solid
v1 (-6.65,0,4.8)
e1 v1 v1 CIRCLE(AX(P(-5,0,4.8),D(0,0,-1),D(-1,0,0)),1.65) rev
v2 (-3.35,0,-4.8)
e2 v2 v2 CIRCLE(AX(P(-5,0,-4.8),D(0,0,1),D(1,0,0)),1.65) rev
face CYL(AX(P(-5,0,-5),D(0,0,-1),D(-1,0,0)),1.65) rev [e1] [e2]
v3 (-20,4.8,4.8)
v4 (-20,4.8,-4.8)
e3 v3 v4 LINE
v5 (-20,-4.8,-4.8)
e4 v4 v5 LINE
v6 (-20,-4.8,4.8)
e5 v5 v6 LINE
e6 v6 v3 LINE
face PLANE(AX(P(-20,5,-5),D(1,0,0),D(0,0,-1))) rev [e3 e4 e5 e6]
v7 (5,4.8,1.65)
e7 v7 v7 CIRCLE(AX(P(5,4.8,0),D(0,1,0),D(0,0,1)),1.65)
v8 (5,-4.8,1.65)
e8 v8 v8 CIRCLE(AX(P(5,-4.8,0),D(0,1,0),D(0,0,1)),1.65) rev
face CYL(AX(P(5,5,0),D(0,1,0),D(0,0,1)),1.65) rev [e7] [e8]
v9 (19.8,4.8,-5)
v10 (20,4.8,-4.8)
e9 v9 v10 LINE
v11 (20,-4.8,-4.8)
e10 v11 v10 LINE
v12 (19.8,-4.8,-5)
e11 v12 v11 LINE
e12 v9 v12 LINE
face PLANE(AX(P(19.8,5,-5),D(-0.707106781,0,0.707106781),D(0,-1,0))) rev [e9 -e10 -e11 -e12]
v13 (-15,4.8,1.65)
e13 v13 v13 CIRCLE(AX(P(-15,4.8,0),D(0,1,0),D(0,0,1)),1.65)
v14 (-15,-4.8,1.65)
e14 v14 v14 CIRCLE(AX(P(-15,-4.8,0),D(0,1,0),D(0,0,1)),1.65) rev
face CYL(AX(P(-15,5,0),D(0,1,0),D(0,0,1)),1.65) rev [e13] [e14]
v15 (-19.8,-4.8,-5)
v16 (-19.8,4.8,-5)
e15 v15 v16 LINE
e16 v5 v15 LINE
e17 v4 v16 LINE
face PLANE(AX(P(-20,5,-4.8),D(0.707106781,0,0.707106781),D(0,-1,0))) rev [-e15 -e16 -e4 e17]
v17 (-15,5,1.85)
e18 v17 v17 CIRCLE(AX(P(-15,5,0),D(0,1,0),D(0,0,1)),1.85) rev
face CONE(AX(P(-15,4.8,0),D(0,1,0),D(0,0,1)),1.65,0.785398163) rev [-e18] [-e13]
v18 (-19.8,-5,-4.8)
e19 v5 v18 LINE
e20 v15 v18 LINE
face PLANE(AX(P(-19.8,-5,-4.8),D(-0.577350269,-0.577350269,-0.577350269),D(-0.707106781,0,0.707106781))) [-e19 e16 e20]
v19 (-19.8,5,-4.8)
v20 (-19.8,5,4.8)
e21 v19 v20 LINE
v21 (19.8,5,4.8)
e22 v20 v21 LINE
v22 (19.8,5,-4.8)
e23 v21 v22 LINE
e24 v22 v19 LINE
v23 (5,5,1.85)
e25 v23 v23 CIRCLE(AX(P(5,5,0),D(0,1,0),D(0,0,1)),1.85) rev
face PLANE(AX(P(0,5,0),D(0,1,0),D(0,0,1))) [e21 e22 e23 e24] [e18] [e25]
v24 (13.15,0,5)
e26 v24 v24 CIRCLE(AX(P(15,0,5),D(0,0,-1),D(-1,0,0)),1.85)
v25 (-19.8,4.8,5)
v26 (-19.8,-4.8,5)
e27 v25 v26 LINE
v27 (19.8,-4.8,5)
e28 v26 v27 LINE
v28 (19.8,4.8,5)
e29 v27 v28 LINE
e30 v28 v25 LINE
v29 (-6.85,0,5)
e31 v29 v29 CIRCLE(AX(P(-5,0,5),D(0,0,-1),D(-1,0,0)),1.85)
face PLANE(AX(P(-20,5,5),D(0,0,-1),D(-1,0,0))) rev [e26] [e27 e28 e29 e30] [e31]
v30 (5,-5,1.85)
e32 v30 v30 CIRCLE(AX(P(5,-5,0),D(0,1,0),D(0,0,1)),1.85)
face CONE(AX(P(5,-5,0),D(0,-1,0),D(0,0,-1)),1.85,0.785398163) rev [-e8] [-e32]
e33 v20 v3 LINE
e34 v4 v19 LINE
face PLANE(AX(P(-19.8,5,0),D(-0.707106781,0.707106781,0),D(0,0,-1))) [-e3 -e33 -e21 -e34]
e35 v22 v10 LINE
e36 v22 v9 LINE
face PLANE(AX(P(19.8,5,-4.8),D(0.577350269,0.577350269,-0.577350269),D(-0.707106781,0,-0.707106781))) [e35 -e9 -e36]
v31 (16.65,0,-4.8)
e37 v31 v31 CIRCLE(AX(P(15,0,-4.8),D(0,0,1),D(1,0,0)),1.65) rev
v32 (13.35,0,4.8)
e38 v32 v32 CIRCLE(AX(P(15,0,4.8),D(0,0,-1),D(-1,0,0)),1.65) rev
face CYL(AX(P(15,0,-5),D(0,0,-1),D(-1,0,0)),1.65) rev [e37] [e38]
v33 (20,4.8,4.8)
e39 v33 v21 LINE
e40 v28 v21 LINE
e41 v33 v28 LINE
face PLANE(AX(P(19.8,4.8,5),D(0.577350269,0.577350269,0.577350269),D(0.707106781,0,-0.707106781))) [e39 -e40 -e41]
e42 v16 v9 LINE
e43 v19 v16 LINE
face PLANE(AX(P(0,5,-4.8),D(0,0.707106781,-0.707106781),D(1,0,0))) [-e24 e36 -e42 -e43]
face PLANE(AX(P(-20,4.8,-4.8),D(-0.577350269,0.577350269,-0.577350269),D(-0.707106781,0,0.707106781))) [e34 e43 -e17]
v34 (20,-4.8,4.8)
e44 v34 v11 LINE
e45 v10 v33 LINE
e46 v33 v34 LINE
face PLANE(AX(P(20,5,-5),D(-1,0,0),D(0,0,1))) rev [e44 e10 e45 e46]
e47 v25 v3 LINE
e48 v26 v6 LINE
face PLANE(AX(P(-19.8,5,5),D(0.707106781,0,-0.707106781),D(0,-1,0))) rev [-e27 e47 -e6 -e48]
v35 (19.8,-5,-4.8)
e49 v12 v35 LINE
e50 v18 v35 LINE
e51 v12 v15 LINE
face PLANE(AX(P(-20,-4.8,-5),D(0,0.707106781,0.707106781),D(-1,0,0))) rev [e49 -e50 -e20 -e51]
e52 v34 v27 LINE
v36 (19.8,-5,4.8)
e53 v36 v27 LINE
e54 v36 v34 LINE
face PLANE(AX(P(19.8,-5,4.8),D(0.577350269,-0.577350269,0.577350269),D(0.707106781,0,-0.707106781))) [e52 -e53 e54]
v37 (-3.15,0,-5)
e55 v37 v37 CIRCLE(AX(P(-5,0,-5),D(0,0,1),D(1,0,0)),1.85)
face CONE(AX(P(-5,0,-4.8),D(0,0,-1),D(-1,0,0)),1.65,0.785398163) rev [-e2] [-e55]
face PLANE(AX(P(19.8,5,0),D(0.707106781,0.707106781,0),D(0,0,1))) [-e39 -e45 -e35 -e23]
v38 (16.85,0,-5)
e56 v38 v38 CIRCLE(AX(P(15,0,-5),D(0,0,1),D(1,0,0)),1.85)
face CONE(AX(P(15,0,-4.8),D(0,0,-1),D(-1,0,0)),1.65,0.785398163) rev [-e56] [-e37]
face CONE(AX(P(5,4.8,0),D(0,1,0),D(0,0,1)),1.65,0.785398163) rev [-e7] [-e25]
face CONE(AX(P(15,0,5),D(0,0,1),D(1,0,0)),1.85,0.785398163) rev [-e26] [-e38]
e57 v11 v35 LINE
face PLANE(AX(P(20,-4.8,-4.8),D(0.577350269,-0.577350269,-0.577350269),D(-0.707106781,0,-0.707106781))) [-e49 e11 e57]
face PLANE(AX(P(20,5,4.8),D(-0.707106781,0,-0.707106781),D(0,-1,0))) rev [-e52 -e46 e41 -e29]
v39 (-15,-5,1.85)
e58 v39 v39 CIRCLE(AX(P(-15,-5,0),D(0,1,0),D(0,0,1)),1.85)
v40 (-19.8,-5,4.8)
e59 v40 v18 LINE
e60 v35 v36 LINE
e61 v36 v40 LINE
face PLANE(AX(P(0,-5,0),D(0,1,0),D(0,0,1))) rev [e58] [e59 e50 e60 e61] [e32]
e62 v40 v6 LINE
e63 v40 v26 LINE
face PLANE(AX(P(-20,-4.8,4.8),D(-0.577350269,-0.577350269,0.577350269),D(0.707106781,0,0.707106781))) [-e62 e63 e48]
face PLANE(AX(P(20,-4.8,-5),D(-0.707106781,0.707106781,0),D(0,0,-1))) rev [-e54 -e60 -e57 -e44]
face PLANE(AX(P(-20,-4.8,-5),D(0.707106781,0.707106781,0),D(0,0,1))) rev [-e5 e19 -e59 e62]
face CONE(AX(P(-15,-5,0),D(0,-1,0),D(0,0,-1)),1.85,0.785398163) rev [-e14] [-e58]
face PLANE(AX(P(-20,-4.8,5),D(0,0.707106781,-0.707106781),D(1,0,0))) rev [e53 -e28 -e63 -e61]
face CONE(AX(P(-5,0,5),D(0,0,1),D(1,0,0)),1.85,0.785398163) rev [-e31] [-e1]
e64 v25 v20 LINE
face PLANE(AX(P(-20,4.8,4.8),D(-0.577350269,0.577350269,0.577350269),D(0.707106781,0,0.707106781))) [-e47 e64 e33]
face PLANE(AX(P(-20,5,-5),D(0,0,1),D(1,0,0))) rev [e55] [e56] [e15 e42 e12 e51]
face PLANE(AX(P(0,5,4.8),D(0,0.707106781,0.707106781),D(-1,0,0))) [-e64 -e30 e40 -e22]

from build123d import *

# Parameters (mm, degrees)
SKETCH_1_W         = 40
SKETCH_1_H         = 10
EXTRUDE_1_DEPTH    = 5
HOLE_WIZARD_M4_1_D = 3.3
HOLE_WIZARD_M4_2_D = 3.3
CHAMFER_1_SIZE     = 0.2


with BuildPart() as part:
    # 草图1 → 凸台-拉伸1 (new, symmetric)
    with BuildSketch(Plane(origin=(0, 0, 0), x_dir=(1, 0, 0), z_dir=(0, 1, 0))):
        Rectangle(SKETCH_1_W, SKETCH_1_H)
    extrude(amount=EXTRUDE_1_DEPTH, both=True)

    # M4 螺纹孔1 (through all)
    with Locations(Plane(origin=(0, 5, 0), x_dir=(1, 0, 0), z_dir=(0, 1, 0))):
        with Locations((-15, 0), (5, 0)):
            Hole(HOLE_WIZARD_M4_1_D / 2)

    # M4 螺纹孔2 (through all)
    with Locations(Plane(origin=(0, 0, -5), x_dir=(-1, 0, 0), z_dir=(0, 0, -1))):
        with Locations((-15, 0), (5, 0)):
            Hole(HOLE_WIZARD_M4_2_D / 2)

    # 倒角1
    chamfer_1_edges = [part.edges().sort_by_distance(p)[0] for p in [
        (-20, 5, 0),
        (6.65, 5, 0),
        (6.65, -5, 0),
        (0, 5, 5),
        (-13.35, 5, 0),
        (-13.35, -5, 0),
        (-6.65, 0, -5),
        (-6.65, 0, 5),
        (13.35, 0, -5),
        (13.35, 0, 5),
        (20, 5, 0),
        (0, -5, 5),
        (-20, -5, 0),
        (0, -5, -5),
        (20, -5, 0),
        (20, 0, 5),
        (-20, 0, 5),
        (-20, 0, -5),
        (20, 0, -5),
        (0, 5, -5),
    ]]
    chamfer(chamfer_1_edges, length=CHAMFER_1_SIZE)


solid = part.part
